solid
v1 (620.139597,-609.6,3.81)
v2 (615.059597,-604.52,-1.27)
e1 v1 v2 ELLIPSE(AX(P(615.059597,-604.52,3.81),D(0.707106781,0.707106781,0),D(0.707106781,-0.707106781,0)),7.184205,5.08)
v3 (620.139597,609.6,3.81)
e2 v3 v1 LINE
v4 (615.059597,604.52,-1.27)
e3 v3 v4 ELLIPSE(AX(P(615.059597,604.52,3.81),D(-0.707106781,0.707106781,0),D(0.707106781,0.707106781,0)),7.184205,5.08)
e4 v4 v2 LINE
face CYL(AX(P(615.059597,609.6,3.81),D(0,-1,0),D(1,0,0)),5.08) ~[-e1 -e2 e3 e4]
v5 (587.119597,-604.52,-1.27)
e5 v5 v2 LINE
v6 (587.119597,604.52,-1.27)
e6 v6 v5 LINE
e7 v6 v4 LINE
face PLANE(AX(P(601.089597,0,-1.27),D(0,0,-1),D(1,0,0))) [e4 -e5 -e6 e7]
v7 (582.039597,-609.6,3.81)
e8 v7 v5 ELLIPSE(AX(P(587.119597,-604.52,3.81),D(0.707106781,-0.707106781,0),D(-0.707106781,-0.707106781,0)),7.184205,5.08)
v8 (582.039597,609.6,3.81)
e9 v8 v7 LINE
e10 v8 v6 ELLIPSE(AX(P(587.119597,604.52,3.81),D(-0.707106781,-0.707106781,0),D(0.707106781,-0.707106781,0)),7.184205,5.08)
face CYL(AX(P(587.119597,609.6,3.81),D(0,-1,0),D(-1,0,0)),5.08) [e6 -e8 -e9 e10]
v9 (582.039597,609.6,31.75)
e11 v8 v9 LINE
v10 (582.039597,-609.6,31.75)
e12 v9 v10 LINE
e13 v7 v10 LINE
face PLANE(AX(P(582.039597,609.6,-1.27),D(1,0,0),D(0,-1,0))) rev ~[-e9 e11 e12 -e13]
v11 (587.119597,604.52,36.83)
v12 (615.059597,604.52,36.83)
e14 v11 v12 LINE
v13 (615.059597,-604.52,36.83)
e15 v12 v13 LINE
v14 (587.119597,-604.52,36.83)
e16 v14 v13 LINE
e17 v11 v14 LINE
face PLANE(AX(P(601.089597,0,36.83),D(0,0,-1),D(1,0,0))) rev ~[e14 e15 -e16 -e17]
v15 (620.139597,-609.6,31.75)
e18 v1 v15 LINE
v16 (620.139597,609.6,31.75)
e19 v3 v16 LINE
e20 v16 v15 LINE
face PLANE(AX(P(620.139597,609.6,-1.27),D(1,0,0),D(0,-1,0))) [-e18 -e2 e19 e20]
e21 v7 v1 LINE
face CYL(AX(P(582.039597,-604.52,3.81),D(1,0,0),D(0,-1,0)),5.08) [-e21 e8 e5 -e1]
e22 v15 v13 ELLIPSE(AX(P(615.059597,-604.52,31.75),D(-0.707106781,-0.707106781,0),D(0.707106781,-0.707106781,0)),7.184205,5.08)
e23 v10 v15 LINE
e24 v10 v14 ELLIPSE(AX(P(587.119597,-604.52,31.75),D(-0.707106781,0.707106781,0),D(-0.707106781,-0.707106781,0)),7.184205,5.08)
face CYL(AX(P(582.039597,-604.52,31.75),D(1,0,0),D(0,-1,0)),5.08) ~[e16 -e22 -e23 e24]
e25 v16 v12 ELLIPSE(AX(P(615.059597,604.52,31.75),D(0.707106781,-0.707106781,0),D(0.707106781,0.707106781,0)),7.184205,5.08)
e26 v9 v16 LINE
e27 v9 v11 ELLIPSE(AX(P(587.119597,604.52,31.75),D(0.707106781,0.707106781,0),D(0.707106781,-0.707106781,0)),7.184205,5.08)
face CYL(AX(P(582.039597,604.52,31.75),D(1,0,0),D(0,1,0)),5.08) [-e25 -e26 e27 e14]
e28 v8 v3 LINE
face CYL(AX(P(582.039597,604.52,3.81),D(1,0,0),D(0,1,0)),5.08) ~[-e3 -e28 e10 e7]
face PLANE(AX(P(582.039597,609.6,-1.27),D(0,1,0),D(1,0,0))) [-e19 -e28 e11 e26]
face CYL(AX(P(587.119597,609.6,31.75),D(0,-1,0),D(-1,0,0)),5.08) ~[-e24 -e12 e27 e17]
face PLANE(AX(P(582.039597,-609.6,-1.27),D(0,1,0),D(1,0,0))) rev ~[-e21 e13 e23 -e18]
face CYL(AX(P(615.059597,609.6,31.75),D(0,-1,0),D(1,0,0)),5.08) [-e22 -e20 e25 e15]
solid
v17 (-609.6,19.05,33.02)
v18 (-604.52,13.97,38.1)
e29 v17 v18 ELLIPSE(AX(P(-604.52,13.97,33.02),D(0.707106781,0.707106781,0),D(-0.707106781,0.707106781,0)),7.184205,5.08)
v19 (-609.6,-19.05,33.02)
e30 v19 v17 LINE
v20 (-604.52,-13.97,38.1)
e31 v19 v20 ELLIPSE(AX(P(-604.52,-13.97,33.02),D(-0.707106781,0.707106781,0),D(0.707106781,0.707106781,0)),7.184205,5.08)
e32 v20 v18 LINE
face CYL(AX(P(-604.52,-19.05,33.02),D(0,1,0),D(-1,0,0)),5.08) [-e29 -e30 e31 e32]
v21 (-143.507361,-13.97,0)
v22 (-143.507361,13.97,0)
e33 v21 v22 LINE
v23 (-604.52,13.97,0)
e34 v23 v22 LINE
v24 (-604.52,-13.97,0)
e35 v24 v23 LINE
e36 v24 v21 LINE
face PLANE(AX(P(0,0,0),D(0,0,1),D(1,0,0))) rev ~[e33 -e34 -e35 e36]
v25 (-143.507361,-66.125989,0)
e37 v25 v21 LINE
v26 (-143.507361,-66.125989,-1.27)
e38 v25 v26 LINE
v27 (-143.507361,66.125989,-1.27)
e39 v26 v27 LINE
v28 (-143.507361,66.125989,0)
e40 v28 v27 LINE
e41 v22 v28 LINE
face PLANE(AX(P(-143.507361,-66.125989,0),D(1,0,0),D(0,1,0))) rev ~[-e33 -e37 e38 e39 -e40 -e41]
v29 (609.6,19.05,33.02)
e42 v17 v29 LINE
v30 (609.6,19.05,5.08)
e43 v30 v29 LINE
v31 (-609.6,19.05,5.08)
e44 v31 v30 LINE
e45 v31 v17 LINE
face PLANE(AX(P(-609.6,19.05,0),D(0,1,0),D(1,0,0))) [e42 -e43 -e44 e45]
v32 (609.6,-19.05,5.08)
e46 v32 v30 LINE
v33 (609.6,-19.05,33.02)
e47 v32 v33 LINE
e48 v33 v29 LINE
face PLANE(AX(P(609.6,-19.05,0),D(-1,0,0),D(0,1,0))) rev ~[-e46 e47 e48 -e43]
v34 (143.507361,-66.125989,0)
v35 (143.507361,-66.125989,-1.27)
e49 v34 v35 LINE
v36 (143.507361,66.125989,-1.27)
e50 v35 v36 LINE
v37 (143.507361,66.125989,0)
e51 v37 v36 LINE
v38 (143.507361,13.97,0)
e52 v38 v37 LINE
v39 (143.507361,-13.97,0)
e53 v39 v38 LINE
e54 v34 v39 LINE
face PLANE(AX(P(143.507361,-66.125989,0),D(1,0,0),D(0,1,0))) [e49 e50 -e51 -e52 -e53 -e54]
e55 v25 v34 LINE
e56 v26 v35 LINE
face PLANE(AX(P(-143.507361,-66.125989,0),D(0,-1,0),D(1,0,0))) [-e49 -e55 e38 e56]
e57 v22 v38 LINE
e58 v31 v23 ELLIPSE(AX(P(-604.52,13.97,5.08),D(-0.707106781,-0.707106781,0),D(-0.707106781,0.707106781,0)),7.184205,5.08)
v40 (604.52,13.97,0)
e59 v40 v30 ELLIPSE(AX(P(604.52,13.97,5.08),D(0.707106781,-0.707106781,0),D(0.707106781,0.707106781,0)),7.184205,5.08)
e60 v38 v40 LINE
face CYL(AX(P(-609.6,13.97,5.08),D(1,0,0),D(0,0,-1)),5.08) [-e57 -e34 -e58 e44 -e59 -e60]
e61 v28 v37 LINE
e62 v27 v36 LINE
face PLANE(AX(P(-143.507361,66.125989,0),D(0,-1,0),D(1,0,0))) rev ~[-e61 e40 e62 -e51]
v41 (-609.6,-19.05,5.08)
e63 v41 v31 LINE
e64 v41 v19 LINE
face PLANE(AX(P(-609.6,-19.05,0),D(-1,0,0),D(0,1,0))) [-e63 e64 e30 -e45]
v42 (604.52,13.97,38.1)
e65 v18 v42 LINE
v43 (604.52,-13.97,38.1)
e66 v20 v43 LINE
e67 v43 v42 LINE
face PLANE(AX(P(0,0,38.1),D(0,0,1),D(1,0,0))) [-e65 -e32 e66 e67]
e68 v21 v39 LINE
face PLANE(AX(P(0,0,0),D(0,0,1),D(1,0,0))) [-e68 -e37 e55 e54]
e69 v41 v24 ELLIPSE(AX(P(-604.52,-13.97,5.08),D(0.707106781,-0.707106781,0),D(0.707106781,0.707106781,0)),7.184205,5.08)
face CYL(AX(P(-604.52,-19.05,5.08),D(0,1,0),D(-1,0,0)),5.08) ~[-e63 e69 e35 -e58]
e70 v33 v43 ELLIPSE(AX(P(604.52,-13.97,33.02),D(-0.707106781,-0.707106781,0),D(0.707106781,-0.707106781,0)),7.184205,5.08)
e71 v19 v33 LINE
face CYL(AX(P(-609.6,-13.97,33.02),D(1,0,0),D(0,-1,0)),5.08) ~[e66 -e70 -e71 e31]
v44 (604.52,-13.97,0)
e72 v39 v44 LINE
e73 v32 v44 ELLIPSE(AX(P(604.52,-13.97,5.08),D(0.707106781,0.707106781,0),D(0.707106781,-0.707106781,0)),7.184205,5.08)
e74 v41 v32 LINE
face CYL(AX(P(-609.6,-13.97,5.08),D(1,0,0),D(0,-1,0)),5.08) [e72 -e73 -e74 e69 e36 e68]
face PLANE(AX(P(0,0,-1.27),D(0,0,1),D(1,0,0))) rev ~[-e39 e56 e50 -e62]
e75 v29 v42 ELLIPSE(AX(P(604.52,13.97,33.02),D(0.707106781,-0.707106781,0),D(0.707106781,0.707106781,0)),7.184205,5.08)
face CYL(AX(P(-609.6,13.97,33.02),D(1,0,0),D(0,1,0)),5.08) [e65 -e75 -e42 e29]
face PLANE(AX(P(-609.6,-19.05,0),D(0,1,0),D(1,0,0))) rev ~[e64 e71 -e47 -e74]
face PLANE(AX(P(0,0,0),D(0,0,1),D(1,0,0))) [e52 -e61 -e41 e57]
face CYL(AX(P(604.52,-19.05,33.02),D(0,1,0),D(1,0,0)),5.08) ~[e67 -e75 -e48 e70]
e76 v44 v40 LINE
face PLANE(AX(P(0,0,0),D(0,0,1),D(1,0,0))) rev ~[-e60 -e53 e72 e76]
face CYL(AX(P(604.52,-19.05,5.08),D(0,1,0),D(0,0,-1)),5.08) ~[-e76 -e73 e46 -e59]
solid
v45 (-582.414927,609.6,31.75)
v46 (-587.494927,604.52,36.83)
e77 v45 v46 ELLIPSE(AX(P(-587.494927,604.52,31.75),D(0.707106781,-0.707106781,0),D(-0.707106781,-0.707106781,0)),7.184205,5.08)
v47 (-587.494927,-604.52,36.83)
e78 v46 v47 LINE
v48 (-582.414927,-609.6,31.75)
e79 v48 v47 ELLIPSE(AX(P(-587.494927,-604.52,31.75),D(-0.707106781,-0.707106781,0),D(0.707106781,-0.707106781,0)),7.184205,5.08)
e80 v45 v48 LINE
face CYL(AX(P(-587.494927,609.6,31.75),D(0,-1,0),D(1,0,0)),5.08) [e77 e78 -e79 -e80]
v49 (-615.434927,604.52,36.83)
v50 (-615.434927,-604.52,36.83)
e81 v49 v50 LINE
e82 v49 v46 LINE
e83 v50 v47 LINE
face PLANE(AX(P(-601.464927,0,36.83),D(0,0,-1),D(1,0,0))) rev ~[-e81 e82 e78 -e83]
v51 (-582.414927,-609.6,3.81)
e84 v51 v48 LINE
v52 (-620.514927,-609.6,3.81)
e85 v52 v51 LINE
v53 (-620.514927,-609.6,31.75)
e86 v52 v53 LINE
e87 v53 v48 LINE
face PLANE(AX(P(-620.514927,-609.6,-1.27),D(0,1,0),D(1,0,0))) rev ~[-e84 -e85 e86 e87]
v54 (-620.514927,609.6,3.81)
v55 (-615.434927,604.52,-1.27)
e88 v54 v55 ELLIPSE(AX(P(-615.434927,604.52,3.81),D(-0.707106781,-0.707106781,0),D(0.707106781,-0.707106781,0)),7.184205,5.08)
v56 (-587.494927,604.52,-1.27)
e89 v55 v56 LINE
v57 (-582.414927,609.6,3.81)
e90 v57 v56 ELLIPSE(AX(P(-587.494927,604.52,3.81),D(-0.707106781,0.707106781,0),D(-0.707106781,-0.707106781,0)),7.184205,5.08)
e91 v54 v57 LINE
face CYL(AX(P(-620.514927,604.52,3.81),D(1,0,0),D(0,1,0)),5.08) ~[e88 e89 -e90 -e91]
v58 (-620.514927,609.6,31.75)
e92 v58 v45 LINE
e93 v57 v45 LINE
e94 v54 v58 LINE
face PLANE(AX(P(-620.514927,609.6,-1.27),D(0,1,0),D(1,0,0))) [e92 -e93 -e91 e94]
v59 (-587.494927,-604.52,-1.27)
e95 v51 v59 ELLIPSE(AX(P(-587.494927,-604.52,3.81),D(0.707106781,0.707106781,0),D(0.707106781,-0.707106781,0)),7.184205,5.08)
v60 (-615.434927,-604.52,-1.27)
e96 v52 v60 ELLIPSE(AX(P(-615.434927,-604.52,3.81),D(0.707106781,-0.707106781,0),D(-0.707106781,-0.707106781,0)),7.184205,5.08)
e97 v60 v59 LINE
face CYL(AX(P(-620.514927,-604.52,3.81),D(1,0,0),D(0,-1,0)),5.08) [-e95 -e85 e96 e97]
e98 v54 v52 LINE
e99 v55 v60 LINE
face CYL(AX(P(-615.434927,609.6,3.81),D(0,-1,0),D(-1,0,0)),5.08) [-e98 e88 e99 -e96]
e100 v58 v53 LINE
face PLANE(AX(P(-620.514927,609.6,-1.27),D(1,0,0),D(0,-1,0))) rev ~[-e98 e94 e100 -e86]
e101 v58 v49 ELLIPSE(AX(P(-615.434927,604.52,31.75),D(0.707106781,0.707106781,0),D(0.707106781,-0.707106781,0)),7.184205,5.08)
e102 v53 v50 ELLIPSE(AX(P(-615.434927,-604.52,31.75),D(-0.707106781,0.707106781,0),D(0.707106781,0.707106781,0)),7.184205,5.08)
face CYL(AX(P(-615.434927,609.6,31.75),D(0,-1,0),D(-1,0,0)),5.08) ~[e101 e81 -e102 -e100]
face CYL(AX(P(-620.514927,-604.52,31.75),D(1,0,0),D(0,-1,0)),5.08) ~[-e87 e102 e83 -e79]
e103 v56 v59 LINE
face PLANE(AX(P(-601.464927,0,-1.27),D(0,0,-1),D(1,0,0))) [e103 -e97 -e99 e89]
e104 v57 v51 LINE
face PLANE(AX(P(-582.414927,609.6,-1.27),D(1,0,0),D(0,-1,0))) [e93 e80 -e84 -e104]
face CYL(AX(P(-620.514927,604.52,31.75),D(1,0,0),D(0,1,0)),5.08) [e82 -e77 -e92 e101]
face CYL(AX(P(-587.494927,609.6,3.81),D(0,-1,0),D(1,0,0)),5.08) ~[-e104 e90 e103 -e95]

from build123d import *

# Parameters (mm, degrees)
F0_W     = 1219.2
F0_H     = 38.1
F1_DEPTH = 38.1
F2_R     = 5.08
F3_R     = 5.08
F4_W     = 287.014722
F4_H     = 132.251978
F5_DEPTH = 1.27
F6_W     = 38.1
F6_H     = 1219.2
F7_DEPTH = 38.1
F8_R     = 5.08


with BuildPart() as f1:
    # F0 (on Top) → F1 (new body)
    with BuildSketch(Plane.XY):
        Rectangle(F0_W, F0_H)
    extrude(amount=F1_DEPTH)

    # F2
    f2_edges = [f1.edges().sort_by_distance(p)[0] for p in [
        (-609.6, 0, 38.1),
        (0, -19.05, 38.1),
        (609.6, 0, 38.1),
        (0, 19.05, 38.1),
    ]]
    fillet(f2_edges, radius=F2_R)

    # F3
    f3_edges = [f1.edges().sort_by_distance(p)[0] for p in [
        (-609.6, 0, 0),
        (0, 19.05, 0),
        (0, -19.05, 0),
        (609.6, 0, 0),
    ]]
    fillet(f3_edges, radius=F3_R)

    # F4 (on Top) → F5 (join)
    with BuildSketch(Plane.XY):
        Rectangle(F4_W, F4_H)
    extrude(amount=-F5_DEPTH)


with BuildPart() as f7:
    # F6 (on face) → F7 (new body)
    with BuildSketch(Plane(origin=(0, 0, -1.27), x_dir=(1, 0, 0), z_dir=(0, 0, -1))):
        with Locations((-601.464927, 0)):
            Rectangle(F6_W, F6_H)
        with Locations((601.089597, 0)):
            Rectangle(F6_W, F6_H)
    extrude(amount=-F7_DEPTH)

    # F8
    f8_edges = [f7.edges().sort_by_distance(p)[0] for p in [
        (-620.514927, 0, -1.27),
        (-582.414927, 0, -1.27),
        (-601.464927, -609.6, -1.27),
        (-601.464927, 609.6, -1.27),
        (601.089597, 609.6, -1.27),
        (582.039597, 0, -1.27),
        (620.139597, 0, -1.27),
        (601.089597, -609.6, -1.27),
        (-601.464927, -609.6, 36.83),
        (-582.414927, 0, 36.83),
        (-620.514927, 0, 36.83),
        (-601.464927, 609.6, 36.83),
        (601.089597, 609.6, 36.83),
        (620.139597, 0, 36.83),
        (582.039597, 0, 36.83),
        (601.089597, -609.6, 36.83),
    ]]
    fillet(f8_edges, radius=F8_R)


solid = Compound([f1.part, f7.part])
